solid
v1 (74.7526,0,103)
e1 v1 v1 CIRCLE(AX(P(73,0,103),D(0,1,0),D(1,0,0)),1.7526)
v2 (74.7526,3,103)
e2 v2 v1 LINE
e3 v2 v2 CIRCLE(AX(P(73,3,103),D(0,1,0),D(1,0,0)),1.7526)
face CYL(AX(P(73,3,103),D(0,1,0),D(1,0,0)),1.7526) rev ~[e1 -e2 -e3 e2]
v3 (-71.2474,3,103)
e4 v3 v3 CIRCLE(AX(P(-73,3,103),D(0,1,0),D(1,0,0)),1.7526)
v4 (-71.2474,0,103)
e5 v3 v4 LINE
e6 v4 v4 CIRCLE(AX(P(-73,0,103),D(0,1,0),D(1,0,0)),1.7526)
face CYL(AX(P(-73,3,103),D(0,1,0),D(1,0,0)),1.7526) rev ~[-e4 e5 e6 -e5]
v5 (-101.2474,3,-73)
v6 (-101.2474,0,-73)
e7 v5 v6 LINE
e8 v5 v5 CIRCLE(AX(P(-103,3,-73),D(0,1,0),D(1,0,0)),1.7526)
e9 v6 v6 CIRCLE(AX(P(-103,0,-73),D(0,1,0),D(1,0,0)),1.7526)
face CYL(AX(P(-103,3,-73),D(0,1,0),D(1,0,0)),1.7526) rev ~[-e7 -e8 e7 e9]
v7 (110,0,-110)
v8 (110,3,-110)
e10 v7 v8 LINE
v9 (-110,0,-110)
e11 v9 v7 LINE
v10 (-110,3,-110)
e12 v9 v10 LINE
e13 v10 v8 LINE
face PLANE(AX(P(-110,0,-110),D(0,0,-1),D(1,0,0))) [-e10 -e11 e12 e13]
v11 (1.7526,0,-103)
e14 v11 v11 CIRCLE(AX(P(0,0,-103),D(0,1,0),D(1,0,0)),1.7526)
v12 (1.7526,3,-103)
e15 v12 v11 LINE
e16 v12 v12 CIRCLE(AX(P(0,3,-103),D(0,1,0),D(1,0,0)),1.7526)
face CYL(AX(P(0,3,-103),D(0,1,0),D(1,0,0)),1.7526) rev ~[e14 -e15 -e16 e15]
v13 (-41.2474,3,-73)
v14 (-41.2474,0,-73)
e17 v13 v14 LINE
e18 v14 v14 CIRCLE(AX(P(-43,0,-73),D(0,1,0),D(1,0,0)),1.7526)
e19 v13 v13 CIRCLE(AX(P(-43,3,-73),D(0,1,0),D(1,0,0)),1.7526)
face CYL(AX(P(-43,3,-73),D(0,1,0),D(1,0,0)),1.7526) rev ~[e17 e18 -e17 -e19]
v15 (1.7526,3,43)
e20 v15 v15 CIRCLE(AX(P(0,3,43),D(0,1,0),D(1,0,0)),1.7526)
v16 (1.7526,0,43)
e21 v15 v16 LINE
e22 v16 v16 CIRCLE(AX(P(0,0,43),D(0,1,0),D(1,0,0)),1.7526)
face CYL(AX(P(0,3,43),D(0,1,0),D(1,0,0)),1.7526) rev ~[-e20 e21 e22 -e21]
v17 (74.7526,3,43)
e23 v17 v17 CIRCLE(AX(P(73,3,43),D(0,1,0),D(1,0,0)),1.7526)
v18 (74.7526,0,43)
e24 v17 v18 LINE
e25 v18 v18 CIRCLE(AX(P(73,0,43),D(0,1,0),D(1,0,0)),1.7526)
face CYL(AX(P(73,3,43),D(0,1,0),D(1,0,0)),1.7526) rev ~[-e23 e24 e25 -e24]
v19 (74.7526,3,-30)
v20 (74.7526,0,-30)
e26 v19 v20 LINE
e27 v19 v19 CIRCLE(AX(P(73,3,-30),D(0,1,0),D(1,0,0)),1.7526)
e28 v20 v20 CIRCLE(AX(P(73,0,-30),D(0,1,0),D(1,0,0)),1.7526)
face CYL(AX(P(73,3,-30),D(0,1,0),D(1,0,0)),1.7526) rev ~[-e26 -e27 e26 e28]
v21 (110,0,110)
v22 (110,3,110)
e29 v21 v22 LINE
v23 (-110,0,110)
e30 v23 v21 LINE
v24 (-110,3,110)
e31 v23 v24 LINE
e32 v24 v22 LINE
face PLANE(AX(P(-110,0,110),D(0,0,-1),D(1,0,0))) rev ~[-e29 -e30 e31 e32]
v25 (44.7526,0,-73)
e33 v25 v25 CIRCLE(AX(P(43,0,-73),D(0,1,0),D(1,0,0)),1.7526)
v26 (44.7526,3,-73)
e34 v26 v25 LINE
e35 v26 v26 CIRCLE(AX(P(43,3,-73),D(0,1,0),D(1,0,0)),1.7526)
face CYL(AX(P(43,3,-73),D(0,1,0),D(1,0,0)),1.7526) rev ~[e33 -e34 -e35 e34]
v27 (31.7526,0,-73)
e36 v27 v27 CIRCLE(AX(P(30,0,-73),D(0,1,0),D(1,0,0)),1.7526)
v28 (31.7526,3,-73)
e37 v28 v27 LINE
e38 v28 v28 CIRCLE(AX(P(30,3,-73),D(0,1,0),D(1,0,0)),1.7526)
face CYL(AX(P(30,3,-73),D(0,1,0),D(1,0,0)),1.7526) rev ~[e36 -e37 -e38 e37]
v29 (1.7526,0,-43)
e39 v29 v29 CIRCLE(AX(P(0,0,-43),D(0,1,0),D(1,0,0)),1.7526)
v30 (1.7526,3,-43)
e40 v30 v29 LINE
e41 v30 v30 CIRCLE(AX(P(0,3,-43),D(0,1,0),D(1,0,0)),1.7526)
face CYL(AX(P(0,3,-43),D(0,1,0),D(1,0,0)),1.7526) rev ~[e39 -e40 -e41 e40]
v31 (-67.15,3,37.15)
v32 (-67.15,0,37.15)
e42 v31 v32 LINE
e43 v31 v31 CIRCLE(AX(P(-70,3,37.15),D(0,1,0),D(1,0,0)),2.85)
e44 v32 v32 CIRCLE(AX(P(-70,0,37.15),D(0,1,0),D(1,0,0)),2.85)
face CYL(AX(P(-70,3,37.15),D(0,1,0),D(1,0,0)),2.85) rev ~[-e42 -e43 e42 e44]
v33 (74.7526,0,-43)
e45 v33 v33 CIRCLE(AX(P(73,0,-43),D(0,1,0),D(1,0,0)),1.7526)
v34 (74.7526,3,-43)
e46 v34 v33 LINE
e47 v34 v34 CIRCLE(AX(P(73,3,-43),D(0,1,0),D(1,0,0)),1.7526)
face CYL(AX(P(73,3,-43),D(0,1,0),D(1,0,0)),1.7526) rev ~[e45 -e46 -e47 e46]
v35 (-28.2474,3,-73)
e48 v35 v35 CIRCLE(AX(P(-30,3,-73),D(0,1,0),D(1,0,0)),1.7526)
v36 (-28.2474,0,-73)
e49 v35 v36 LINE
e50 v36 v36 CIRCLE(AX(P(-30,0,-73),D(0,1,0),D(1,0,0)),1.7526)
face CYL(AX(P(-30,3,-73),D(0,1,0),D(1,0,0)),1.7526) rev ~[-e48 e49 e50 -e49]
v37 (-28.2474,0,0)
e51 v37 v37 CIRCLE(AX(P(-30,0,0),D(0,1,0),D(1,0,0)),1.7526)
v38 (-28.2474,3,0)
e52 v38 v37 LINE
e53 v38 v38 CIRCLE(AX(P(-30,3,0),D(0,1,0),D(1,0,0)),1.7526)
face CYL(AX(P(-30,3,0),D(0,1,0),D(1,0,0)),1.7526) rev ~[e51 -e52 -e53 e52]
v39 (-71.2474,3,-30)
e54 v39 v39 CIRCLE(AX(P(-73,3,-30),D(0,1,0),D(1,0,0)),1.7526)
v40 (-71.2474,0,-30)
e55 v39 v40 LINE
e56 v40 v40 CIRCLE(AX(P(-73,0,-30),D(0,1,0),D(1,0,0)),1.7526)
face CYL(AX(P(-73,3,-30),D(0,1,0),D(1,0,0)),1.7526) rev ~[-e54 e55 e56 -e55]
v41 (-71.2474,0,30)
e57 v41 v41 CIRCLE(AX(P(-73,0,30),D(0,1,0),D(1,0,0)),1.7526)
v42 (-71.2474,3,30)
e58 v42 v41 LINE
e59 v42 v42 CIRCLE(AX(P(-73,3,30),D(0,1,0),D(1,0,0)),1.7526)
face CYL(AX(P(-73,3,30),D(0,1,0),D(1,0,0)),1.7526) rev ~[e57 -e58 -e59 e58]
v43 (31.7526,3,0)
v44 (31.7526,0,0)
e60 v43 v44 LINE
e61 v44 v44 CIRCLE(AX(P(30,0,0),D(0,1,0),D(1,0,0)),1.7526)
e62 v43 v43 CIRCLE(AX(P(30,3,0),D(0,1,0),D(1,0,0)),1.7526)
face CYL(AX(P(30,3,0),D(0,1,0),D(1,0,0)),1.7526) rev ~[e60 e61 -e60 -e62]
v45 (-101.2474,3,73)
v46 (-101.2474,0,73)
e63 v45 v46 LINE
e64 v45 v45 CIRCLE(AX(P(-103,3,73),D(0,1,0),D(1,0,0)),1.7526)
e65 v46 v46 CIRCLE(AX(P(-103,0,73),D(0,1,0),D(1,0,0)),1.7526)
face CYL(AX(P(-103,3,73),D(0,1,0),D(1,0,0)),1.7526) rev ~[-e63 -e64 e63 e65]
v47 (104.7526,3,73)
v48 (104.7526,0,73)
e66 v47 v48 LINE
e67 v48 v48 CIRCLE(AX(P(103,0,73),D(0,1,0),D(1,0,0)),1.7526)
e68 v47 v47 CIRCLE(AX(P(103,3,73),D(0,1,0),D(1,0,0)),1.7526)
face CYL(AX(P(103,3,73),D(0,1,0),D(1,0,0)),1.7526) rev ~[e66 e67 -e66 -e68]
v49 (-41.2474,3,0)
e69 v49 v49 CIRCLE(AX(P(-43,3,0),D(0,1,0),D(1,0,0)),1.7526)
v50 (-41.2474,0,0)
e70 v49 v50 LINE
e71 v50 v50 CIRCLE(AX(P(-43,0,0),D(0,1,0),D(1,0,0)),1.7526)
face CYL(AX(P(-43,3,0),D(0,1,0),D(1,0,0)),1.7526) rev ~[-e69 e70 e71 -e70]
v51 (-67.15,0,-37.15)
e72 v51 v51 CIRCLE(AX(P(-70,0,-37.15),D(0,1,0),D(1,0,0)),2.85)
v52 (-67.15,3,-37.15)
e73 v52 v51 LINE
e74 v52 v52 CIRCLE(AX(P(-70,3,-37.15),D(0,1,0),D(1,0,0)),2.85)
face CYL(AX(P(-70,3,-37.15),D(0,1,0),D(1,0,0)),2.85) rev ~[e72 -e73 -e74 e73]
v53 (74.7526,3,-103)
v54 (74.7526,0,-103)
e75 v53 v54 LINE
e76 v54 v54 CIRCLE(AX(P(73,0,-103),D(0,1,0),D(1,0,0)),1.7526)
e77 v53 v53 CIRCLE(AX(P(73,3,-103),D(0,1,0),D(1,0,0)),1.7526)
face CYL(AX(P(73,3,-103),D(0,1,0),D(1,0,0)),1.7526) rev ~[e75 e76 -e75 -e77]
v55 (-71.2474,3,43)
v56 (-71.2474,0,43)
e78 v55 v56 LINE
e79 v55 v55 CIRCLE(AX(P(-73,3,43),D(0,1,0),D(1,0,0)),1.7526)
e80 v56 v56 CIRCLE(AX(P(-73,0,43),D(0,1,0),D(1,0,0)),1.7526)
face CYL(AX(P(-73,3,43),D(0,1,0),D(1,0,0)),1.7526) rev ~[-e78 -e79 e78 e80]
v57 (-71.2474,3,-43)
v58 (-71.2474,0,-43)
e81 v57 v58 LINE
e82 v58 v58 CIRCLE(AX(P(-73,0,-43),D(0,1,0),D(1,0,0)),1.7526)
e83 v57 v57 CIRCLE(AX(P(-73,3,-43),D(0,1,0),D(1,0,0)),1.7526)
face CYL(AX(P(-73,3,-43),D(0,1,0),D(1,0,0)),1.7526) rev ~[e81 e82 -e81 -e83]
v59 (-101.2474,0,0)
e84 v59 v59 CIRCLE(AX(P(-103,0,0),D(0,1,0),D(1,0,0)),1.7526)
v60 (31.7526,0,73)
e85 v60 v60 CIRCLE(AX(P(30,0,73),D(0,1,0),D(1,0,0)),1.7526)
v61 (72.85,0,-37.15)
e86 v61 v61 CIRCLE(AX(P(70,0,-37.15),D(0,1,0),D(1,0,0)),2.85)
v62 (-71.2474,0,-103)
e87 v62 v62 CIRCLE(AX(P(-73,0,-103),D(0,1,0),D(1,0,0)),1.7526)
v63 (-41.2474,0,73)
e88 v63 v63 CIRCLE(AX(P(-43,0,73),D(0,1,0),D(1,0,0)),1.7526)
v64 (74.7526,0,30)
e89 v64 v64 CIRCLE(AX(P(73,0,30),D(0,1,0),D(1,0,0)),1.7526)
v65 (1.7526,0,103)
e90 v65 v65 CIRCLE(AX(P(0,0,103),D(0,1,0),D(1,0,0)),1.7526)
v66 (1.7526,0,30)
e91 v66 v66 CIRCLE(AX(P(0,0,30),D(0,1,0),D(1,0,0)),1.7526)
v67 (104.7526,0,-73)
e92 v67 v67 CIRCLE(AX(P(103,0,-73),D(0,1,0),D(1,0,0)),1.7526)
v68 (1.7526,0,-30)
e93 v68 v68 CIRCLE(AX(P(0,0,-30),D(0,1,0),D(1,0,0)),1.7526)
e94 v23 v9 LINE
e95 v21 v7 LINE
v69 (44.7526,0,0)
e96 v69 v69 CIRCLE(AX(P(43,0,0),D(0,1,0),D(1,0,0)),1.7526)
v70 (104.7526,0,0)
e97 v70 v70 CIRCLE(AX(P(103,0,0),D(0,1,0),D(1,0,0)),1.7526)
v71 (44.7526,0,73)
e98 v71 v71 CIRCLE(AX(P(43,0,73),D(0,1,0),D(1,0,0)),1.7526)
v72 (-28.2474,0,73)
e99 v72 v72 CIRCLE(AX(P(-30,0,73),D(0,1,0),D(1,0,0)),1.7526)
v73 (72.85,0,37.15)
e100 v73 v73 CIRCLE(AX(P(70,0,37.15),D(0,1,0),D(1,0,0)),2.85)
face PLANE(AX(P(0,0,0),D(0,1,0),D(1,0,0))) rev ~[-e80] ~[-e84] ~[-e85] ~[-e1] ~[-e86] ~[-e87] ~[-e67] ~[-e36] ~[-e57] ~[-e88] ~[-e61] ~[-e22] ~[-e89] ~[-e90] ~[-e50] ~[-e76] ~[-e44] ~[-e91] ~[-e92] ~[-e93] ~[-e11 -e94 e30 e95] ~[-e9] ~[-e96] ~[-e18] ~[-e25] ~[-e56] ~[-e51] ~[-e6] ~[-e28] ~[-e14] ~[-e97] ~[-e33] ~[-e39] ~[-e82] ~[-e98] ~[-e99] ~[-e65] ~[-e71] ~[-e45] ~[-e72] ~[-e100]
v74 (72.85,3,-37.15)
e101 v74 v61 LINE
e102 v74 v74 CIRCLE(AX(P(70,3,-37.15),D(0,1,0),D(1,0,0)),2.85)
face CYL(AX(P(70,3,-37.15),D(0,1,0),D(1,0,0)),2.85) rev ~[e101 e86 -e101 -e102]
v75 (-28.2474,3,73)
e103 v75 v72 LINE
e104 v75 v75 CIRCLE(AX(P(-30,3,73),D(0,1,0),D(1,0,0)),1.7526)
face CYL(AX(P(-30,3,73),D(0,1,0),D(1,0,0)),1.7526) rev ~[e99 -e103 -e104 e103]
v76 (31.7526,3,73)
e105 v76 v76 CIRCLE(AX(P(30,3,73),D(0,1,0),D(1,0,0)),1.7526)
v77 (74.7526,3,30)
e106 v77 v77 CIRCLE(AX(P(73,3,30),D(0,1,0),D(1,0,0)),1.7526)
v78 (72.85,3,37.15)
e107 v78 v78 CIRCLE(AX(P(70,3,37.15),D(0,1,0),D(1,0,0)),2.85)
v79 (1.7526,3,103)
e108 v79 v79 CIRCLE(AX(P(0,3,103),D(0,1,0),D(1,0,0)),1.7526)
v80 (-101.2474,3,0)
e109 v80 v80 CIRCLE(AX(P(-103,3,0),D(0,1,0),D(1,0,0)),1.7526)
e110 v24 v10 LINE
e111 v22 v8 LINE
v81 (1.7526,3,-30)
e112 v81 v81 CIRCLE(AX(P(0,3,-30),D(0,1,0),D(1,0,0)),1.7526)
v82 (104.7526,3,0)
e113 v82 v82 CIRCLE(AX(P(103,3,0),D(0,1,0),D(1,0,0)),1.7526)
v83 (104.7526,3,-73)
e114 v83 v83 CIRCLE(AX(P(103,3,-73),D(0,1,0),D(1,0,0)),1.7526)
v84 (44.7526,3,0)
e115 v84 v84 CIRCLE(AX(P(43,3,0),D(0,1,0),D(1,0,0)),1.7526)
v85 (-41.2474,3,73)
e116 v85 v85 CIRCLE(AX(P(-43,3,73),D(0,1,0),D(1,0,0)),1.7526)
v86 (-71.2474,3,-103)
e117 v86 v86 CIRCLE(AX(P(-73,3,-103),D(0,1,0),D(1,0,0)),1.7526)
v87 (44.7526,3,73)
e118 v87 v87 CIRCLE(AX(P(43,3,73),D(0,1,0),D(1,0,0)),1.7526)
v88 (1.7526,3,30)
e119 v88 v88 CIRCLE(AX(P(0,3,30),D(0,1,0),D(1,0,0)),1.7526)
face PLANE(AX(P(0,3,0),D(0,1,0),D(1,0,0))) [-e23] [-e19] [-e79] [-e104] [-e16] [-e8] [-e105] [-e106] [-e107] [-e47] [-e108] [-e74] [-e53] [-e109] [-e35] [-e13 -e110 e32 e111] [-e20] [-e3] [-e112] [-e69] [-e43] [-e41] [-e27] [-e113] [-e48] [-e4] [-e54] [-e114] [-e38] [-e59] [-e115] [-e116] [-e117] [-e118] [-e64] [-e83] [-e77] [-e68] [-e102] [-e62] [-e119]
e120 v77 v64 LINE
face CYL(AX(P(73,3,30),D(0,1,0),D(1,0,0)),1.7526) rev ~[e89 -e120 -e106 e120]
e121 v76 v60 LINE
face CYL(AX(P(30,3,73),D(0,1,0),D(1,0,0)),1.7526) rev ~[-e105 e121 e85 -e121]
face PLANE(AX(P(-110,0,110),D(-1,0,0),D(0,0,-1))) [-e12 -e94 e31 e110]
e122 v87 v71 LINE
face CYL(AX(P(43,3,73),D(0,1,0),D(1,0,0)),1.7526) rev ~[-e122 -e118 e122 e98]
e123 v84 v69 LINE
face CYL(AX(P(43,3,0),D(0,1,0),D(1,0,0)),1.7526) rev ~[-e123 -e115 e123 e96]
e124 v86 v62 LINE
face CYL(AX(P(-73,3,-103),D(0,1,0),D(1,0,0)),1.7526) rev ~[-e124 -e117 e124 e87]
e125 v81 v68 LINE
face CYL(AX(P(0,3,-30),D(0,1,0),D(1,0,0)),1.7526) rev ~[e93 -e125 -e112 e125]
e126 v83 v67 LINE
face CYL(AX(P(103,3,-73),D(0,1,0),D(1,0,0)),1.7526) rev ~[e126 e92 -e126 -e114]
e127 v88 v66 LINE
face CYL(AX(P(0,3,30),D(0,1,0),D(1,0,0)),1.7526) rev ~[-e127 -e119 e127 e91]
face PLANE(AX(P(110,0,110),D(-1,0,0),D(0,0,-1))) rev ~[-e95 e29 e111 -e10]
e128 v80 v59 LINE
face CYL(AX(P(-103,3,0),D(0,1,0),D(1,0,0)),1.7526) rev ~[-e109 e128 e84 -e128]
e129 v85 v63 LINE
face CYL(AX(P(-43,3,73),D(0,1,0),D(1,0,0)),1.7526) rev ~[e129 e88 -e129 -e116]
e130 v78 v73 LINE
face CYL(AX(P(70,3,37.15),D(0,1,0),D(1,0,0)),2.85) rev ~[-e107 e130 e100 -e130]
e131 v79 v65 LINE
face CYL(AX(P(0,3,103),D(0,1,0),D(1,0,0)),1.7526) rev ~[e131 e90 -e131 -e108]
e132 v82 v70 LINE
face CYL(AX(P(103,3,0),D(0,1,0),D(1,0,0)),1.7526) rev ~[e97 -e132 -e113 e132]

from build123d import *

# Parameters (mm, degrees)
SKETCH1_W           = 220
SKETCH1_H           = 220
BOSS_EXTRUDE1_DEPTH = 3
SKETCH3_R           = 2.85
CUT_EXTRUDE5_DEPTH  = 4
SKETCH2_R           = 1.7526
CUT_EXTRUDE6_DEPTH  = 4


with BuildPart() as part:
    # Sketch1 → Boss-Extrude1 (new body)
    with BuildSketch(Plane(origin=(0, 0, 0), x_dir=(1, 0, 0), z_dir=(0, 1, 0))):
        Rectangle(SKETCH1_W, SKETCH1_H)
    extrude(amount=BOSS_EXTRUDE1_DEPTH)

    # Sketch3 → Cut-Extrude5 (cut, through all)
    with BuildSketch(Plane(origin=(0, 3, 0), x_dir=(1, 0, 0), z_dir=(0, 1, 0))):
        with Locations((70, -37.15)):
            Circle(SKETCH3_R)
        with Locations((-70, -37.15)):
            Circle(SKETCH3_R)
        with Locations((-70, 37.15)):
            Circle(SKETCH3_R)
        with Locations((70, 37.15)):
            Circle(SKETCH3_R)
    extrude(amount=-CUT_EXTRUDE5_DEPTH, mode=Mode.SUBTRACT)

    # Sketch2 → Cut-Extrude6 (cut, through all)
    with BuildSketch(Plane(origin=(0, 3, 0), x_dir=(1, 0, 0), z_dir=(0, 1, 0))):
        with Locations((-73, 103)):
            Circle(SKETCH2_R)
        with Locations((0, 103)):
            Circle(SKETCH2_R)
        with Locations((-30, 73)):
            Circle(SKETCH2_R)
        with Locations((-103, 73)):
            Circle(SKETCH2_R)
        with Locations((-43, 73)):
            Circle(SKETCH2_R)
        with Locations((0, 43)):
            Circle(SKETCH2_R)
        with Locations((30, 73)):
            Circle(SKETCH2_R)
        with Locations((73, 103)):
            Circle(SKETCH2_R)
        with Locations((43, 73)):
            Circle(SKETCH2_R)
        with Locations((-73, 43)):
            Circle(SKETCH2_R)
        with Locations((73, 43)):
            Circle(SKETCH2_R)
        with Locations((103, 73)):
            Circle(SKETCH2_R)
        with Locations((0, 30)):
            Circle(SKETCH2_R)
        with Locations((-30, 0)):
            Circle(SKETCH2_R)
        with Locations((0, -30)):
            Circle(SKETCH2_R)
        with Locations((30, 0)):
            Circle(SKETCH2_R)
        with Locations((73, 30)):
            Circle(SKETCH2_R)
        with Locations((43, 0)):
            Circle(SKETCH2_R)
        with Locations((73, -30)):
            Circle(SKETCH2_R)
        with Locations((103, 0)):
            Circle(SKETCH2_R)
        with Locations((0, -43)):
            Circle(SKETCH2_R)
        with Locations((-30, -73)):
            Circle(SKETCH2_R)
        with Locations((0, -103)):
            Circle(SKETCH2_R)
        with Locations((30, -73)):
            Circle(SKETCH2_R)
        with Locations((73, -43)):
            Circle(SKETCH2_R)
        with Locations((43, -73)):
            Circle(SKETCH2_R)
        with Locations((73, -103)):
            Circle(SKETCH2_R)
        with Locations((103, -73)):
            Circle(SKETCH2_R)
        with Locations((-73, 30)):
            Circle(SKETCH2_R)
        with Locations((-103, 0)):
            Circle(SKETCH2_R)
        with Locations((-73, -30)):
            Circle(SKETCH2_R)
        with Locations((-43, 0)):
            Circle(SKETCH2_R)
        with Locations((-73, -43)):
            Circle(SKETCH2_R)
        with Locations((-103, -73)):
            Circle(SKETCH2_R)
        with Locations((-73, -103)):
            Circle(SKETCH2_R)
        with Locations((-43, -73)):
            Circle(SKETCH2_R)
    extrude(amount=-CUT_EXTRUDE6_DEPTH, mode=Mode.SUBTRACT)


solid = part.part
